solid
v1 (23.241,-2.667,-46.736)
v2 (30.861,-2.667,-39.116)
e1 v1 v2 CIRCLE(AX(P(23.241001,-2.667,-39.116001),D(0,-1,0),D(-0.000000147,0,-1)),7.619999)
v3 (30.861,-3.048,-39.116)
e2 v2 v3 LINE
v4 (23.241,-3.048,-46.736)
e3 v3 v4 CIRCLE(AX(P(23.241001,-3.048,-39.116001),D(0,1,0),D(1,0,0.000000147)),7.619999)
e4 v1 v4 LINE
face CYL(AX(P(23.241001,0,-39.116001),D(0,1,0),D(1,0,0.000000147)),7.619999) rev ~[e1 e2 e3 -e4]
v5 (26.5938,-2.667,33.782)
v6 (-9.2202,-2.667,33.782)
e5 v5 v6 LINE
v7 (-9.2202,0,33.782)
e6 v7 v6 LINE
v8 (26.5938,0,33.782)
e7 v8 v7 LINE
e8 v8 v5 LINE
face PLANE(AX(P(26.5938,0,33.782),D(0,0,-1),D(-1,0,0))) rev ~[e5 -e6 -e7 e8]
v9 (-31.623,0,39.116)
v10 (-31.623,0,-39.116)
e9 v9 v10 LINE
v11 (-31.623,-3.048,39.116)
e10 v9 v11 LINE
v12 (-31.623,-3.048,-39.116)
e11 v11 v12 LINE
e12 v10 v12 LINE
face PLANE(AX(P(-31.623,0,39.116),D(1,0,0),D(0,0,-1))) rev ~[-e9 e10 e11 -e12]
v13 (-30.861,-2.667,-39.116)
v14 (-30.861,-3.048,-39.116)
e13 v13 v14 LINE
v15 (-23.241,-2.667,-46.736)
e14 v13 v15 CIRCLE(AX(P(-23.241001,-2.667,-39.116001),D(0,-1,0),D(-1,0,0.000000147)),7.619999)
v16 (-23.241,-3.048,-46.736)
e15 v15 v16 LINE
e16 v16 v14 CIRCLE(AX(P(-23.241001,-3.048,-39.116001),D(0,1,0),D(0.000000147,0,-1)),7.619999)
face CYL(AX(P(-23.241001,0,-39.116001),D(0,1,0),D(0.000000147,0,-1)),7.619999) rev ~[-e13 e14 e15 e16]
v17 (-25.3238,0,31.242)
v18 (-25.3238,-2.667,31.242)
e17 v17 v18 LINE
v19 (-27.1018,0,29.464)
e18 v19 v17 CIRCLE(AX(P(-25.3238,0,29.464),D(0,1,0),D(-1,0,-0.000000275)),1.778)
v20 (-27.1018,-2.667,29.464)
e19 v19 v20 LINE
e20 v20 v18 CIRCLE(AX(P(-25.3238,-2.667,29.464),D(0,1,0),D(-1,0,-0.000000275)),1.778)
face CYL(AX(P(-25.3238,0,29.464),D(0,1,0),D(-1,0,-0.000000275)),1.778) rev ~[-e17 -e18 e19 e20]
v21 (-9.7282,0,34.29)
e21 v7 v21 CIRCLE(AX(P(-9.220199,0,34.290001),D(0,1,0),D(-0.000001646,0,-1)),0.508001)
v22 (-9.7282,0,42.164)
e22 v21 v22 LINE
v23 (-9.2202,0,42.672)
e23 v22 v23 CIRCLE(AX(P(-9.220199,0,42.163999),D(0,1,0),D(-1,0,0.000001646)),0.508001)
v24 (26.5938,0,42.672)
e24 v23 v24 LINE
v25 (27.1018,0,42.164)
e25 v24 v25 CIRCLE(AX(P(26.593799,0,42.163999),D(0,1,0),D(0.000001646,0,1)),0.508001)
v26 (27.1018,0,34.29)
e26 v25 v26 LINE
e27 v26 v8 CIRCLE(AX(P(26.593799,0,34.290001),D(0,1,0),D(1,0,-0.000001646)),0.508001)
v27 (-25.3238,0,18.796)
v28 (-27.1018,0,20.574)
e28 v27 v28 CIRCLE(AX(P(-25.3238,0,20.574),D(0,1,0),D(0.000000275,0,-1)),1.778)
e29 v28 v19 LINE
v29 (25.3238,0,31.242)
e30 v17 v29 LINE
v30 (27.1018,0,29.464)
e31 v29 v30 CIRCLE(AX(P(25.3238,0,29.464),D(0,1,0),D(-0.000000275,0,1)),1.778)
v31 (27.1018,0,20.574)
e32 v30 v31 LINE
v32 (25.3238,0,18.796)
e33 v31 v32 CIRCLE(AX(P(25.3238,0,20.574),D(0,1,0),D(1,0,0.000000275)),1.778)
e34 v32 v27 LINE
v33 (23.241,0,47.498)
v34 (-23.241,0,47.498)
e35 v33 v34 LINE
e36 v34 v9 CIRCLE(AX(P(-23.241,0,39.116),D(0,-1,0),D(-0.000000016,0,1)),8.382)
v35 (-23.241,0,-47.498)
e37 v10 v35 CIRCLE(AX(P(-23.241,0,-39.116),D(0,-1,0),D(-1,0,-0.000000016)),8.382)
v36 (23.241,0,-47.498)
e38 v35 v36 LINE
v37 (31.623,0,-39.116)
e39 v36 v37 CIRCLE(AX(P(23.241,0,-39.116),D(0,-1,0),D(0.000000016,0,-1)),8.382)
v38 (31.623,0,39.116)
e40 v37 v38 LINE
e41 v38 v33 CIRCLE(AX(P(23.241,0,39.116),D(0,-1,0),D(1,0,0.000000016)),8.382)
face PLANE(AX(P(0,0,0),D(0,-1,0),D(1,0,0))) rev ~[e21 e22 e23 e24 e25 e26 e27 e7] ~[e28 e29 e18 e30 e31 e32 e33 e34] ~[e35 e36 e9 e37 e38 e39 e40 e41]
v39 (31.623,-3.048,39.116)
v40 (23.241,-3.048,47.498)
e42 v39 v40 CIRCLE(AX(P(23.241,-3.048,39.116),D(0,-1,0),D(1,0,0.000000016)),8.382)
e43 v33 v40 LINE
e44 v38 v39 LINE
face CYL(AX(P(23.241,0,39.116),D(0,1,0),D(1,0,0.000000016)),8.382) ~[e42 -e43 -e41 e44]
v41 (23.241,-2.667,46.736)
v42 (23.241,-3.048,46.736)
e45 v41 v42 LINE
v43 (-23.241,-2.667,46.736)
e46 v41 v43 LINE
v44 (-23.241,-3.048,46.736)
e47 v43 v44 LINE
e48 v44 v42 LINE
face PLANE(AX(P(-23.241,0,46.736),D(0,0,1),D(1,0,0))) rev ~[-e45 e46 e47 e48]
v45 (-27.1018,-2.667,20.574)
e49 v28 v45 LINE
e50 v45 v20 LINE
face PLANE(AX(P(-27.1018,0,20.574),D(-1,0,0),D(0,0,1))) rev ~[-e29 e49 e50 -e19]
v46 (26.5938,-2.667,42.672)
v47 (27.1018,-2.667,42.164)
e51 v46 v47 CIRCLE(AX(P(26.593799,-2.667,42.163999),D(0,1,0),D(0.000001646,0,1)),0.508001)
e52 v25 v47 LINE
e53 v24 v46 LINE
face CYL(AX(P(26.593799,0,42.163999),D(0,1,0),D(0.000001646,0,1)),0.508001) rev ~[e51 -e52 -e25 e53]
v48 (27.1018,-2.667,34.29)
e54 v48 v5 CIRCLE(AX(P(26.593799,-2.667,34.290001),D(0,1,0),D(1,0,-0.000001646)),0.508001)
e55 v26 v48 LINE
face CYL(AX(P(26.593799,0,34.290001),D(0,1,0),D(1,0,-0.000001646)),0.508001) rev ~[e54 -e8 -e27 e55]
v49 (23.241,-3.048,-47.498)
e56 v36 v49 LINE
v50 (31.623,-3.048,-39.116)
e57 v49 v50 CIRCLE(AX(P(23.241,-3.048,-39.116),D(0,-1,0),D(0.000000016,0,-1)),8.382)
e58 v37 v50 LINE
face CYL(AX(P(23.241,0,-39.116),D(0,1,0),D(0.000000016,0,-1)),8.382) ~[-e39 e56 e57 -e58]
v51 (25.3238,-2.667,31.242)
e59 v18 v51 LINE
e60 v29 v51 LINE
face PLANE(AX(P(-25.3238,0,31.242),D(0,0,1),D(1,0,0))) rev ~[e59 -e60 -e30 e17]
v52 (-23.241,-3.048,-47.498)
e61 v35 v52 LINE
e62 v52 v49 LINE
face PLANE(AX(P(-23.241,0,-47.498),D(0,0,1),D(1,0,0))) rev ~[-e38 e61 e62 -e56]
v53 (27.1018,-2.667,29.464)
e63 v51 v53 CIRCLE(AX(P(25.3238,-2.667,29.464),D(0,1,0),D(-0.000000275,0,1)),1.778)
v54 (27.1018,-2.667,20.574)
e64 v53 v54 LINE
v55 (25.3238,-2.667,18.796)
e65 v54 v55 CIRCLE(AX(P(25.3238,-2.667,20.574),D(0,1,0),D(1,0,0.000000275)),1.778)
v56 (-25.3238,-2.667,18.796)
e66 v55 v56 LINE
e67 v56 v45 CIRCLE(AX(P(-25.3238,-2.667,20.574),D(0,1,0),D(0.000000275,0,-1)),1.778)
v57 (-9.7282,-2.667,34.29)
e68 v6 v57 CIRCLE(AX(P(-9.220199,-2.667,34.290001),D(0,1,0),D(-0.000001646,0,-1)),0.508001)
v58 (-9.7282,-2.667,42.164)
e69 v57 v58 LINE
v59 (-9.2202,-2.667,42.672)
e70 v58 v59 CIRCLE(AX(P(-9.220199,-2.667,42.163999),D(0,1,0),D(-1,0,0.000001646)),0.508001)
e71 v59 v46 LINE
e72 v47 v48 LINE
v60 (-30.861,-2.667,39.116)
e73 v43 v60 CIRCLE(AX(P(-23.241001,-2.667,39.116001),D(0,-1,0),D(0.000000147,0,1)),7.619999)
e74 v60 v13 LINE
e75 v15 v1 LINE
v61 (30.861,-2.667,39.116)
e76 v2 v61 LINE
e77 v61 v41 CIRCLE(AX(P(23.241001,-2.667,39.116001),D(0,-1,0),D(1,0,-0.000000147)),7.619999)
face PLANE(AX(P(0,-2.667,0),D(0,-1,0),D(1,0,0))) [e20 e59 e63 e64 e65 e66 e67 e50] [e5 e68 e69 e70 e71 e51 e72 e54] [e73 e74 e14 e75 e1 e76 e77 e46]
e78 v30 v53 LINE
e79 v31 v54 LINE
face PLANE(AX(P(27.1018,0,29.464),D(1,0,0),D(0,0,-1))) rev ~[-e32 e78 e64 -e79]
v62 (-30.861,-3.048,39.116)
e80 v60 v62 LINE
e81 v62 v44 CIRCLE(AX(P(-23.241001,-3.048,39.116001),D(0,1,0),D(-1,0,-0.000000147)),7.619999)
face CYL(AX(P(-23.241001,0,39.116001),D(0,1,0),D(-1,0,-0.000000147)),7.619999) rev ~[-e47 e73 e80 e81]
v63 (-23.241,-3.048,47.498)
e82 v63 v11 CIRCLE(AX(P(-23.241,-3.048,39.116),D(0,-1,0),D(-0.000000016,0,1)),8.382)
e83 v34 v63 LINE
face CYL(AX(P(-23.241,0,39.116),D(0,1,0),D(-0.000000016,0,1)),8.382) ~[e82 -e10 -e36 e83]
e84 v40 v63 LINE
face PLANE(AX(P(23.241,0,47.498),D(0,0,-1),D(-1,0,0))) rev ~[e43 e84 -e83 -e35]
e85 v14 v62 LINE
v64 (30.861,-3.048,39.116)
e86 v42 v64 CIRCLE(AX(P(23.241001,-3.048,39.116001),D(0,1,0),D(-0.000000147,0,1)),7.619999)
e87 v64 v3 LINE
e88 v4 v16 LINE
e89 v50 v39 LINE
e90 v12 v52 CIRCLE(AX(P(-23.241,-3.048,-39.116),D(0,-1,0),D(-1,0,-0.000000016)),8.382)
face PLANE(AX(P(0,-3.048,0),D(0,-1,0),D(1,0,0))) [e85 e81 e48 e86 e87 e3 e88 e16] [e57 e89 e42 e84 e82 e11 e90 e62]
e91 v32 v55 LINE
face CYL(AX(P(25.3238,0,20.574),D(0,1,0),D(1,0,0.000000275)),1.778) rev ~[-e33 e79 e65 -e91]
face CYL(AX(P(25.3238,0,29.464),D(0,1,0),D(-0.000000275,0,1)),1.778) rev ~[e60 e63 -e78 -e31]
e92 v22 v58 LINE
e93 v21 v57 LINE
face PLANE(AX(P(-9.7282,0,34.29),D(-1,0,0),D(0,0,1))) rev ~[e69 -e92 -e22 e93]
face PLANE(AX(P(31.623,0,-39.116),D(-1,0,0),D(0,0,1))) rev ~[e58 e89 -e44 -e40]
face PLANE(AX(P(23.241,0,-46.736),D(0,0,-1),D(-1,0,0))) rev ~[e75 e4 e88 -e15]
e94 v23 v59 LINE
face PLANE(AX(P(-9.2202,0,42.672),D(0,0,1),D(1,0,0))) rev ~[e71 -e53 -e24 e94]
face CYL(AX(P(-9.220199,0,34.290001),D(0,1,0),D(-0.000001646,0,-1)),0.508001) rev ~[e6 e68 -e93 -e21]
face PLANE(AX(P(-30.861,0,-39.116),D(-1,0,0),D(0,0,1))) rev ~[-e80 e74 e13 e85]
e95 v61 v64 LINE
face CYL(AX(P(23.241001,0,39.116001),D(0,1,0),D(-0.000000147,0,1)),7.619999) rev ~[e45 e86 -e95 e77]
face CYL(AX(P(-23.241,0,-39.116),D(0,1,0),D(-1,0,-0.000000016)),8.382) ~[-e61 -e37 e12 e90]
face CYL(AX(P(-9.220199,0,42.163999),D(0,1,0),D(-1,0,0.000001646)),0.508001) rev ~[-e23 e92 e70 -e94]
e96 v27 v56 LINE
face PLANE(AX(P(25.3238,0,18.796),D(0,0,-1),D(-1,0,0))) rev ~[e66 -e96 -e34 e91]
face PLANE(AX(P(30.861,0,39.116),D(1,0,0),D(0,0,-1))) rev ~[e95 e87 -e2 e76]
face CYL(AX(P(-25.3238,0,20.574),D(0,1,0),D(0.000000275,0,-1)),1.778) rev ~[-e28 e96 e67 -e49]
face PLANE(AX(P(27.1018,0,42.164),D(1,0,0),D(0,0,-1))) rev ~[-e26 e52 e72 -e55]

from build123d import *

# Parameters (mm, degrees)
F1_DEPTH = 3.048
F2_DEPTH = 2.667


with BuildPart() as f1:
    # F0 (on Front) → F1 (new body)
    with BuildSketch(Plane.XZ):
        with BuildLine():
            Line((-31.623, 39.116), (-31.623, -39.116))
            ThreePointArc((-31.623, -39.116), (-29.167969, -45.042969), (-23.241, -47.498))
            Line((-23.241, -47.498), (23.241, -47.498))
            ThreePointArc((23.241, -47.498), (29.167969, -45.042969), (31.623, -39.116))
            Line((31.623, -39.116), (31.623, 39.116))
            ThreePointArc((31.623, 39.116), (29.167969, 45.042969), (23.241, 47.498))
            Line((23.241, 47.498), (-23.241, 47.498))
            ThreePointArc((-23.241, 47.498), (-29.167969, 45.042969), (-31.623, 39.116))
        make_face()
        with BuildLine():
            ThreePointArc((30.861, -39.116), (28.629154, -44.504154), (23.241, -46.736))
            Line((23.241, -46.736), (-23.241, -46.736))
            ThreePointArc((-23.241, -46.736), (-28.629154, -44.504154), (-30.861, -39.116))
            Line((-30.861, -39.116), (-30.861, 39.116))
            ThreePointArc((-30.861, 39.116), (-28.629154, 44.504154), (-23.241, 46.736))
            Line((-23.241, 46.736), (23.241, 46.736))
            ThreePointArc((23.241, 46.736), (28.629154, 44.504154), (30.861, 39.116))
            Line((30.861, 39.116), (30.861, -39.116))
        make_face(mode=Mode.SUBTRACT)
    extrude(amount=F1_DEPTH)

    # F0 (on Front) → F2 (join)
    with BuildSketch(Plane.XZ):
        with BuildLine():
            Line((-23.241, -46.736), (23.241, -46.736))
            ThreePointArc((23.241, -46.736), (28.629154, -44.504154), (30.861, -39.116))
            Line((30.861, -39.116), (30.861, 39.116))
            ThreePointArc((30.861, 39.116), (28.629154, 44.504154), (23.241, 46.736))
            Line((23.241, 46.736), (-23.241, 46.736))
            ThreePointArc((-23.241, 46.736), (-28.629154, 44.504154), (-30.861, 39.116))
            Line((-30.861, 39.116), (-30.861, -39.116))
            ThreePointArc((-30.861, -39.116), (-28.629154, -44.504154), (-23.241, -46.736))
        make_face()
        with BuildLine():
            ThreePointArc((27.1018, 20.574), (26.581036, 19.316764), (25.3238, 18.796))
            Line((25.3238, 18.796), (-25.3238, 18.796))
            ThreePointArc((-25.3238, 18.796), (-26.581036, 19.316764), (-27.1018, 20.574))
            Line((-27.1018, 20.574), (-27.1018, 29.464))
            ThreePointArc((-27.1018, 29.464), (-26.581036, 30.721236), (-25.3238, 31.242))
            Line((-25.3238, 31.242), (25.3238, 31.242))
            ThreePointArc((25.3238, 31.242), (26.581036, 30.721236), (27.1018, 29.464))
            Line((27.1018, 29.464), (27.1018, 20.574))
        make_face(mode=Mode.SUBTRACT)
        with BuildLine():
            ThreePointArc((-9.7282, 42.164), (-9.57941, 42.52321), (-9.2202, 42.672))
            Line((-9.2202, 42.672), (26.5938, 42.672))
            ThreePointArc((26.5938, 42.672), (26.95301, 42.52321), (27.1018, 42.164))
            Line((27.1018, 42.164), (27.1018, 34.29))
            ThreePointArc((27.1018, 34.29), (26.95301, 33.93079), (26.5938, 33.782))
            Line((26.5938, 33.782), (-9.2202, 33.782))
            ThreePointArc((-9.2202, 33.782), (-9.57941, 33.93079), (-9.7282, 34.29))
            Line((-9.7282, 34.29), (-9.7282, 42.164))
        make_face(mode=Mode.SUBTRACT)
    extrude(amount=F2_DEPTH)


solid = f1.part
